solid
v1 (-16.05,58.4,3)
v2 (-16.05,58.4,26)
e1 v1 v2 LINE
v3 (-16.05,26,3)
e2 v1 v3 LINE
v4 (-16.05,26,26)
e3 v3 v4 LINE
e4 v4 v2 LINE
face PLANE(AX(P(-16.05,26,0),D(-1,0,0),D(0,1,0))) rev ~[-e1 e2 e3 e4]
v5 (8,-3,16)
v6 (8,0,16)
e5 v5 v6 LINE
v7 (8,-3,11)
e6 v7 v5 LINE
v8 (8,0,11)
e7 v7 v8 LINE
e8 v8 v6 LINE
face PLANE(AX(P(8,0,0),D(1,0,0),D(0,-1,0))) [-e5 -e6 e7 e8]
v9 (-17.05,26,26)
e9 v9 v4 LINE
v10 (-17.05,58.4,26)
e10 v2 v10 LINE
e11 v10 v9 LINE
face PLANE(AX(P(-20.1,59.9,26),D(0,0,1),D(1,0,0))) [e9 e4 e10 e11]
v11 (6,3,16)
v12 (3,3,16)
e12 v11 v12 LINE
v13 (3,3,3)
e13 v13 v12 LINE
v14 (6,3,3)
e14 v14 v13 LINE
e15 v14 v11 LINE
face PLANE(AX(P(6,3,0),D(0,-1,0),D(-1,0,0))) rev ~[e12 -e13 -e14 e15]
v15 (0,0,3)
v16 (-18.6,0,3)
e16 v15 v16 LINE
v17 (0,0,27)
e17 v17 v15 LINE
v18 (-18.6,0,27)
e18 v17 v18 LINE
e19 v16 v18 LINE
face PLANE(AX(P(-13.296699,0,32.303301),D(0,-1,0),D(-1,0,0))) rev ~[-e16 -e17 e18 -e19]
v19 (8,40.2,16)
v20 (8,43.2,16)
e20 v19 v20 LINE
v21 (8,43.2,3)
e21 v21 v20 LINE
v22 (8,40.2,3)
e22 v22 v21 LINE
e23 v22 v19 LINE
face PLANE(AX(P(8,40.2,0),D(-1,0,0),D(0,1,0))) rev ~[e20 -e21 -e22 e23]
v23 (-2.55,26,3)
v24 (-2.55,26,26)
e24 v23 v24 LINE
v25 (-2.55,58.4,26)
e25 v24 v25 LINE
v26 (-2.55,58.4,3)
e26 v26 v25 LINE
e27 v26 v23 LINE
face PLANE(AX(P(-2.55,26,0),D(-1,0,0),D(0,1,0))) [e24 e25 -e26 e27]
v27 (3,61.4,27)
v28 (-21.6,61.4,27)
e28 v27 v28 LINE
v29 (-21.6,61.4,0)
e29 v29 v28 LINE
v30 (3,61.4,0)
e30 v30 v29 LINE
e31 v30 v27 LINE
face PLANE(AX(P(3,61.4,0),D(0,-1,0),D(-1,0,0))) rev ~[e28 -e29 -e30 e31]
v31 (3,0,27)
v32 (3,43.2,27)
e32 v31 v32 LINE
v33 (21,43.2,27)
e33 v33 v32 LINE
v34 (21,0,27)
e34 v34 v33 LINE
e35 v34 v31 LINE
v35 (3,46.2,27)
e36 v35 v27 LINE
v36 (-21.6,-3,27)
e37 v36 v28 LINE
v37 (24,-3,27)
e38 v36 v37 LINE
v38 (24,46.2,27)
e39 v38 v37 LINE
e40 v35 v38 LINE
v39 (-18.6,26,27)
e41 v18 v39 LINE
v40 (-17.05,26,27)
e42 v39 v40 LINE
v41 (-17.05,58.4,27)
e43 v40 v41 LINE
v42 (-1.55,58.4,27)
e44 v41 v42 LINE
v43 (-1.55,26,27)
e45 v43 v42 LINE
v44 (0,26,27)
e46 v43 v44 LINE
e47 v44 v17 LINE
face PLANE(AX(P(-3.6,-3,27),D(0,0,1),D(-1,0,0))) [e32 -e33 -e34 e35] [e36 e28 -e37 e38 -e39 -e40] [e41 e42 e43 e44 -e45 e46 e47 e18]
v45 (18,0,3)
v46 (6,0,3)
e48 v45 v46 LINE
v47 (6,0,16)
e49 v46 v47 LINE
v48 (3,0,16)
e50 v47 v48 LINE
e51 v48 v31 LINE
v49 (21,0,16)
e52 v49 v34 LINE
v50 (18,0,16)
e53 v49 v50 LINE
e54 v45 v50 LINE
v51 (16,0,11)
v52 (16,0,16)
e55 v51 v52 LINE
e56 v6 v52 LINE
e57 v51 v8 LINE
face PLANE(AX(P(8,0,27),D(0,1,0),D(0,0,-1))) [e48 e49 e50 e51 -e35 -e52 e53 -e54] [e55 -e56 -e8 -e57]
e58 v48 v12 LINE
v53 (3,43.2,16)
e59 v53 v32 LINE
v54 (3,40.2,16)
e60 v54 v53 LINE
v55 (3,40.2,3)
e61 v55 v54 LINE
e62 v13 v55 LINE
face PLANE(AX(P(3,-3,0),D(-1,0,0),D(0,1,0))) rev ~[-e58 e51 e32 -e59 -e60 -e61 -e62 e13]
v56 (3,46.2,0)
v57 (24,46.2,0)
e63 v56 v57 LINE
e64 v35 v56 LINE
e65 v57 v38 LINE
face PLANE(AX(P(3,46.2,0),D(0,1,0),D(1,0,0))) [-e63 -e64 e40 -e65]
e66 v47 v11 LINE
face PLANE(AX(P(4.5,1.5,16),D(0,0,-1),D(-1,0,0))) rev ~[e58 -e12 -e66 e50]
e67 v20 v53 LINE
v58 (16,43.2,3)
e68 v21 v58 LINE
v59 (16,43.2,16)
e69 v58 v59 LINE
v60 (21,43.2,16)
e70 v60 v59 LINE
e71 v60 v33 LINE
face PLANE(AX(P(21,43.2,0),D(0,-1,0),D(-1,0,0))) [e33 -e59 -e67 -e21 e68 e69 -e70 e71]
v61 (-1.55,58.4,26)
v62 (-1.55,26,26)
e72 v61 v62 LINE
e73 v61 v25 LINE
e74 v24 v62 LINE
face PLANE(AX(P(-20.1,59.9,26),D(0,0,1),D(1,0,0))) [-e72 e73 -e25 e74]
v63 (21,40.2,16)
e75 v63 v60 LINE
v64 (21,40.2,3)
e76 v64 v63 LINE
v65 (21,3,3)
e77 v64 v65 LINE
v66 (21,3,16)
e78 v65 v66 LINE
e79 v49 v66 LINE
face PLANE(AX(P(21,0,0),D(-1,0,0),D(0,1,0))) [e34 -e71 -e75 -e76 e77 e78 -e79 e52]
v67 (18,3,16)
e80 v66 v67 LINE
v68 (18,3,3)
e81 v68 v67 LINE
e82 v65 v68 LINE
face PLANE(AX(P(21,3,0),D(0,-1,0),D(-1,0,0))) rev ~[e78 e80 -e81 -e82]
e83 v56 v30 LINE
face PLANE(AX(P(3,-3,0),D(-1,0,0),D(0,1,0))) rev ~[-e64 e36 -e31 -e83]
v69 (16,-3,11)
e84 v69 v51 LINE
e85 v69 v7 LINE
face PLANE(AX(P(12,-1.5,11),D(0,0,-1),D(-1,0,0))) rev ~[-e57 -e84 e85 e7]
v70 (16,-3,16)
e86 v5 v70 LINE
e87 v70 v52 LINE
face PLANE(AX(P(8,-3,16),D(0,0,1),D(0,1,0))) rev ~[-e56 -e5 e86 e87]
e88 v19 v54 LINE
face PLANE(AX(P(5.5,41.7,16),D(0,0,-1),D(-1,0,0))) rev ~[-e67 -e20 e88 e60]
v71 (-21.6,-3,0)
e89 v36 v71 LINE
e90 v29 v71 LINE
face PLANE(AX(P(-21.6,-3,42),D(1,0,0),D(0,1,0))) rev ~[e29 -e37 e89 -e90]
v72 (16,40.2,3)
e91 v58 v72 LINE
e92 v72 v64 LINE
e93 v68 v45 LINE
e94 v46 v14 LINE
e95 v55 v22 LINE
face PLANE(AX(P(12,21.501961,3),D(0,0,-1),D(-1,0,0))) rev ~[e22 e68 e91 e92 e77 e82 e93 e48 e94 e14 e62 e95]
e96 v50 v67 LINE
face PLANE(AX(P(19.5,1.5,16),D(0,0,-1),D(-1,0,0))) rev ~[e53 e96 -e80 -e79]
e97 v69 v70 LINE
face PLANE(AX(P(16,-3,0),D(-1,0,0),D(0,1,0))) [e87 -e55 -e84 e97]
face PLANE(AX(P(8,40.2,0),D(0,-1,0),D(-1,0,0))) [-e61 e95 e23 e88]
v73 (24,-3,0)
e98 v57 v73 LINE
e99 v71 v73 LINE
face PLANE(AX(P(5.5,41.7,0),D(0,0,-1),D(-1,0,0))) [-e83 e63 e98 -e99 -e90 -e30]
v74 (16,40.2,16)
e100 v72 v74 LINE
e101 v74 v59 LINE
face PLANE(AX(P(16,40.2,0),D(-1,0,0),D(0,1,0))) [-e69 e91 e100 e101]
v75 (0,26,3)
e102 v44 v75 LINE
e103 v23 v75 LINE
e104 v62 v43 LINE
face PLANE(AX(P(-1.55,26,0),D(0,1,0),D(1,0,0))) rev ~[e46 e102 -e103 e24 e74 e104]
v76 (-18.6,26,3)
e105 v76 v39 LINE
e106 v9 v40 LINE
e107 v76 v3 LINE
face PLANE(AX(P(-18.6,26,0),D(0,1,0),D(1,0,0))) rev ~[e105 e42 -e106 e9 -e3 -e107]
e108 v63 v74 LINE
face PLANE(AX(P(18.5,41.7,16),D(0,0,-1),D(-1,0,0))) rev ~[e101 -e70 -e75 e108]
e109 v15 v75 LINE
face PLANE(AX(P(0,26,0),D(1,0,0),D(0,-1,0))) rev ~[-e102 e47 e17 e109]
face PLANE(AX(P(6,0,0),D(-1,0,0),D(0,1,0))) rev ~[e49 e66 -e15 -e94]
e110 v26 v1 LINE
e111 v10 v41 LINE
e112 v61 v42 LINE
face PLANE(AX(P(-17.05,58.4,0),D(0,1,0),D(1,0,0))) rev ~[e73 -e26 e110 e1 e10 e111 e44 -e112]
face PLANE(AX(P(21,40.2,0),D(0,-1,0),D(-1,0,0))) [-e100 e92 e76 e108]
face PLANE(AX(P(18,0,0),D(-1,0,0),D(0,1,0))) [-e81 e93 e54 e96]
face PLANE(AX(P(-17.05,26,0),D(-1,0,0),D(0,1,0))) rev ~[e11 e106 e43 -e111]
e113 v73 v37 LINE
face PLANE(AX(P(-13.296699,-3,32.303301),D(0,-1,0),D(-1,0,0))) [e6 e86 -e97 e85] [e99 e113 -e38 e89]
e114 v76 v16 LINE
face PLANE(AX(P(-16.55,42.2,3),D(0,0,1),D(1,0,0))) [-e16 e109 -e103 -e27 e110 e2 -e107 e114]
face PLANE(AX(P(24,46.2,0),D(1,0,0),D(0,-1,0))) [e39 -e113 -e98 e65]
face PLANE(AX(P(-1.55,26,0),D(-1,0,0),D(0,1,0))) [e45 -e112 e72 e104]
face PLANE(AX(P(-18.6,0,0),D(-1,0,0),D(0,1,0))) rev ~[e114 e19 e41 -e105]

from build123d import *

# Parameters (mm, degrees)
SKETCH1_W            = 24.6
SKETCH1_H            = 64.4
BOSS_EXTRUDE1_DEPTH  = 3
SKETCH1_5_W          = 24.6
SKETCH1_5_H          = 64.4
BOSS_EXTRUDE2_DEPTH  = 26
BOSS_EXTRUDE4_DEPTH  = 35
SKETCH1_8_W          = 24.6
SKETCH1_8_H          = 64.4
BOSS_EXTRUDE5_DEPTH  = 27
BOSS_EXTRUDE6_DEPTH  = 3
BOSS_EXTRUDE7_DEPTH  = 2
SKETCH2_4_W          = 8
SKETCH2_4_H          = 3
BOSS_EXTRUDE8_DEPTH  = 11
SKETCH2_5_W          = 5
SKETCH2_5_H          = 3
BOSS_EXTRUDE9_DEPTH  = 27
SKETCH5_W            = 33.6
SKETCH5_H            = 60.4
BOSS_EXTRUDE11_DEPTH = 3
SKETCH5_5_W          = 30.618778274
SKETCH5_5_H          = 54.4
CUT_EXTRUDE3_DEPTH   = 3
BOSS_EXTRUDE12_DEPTH = 27
SKETCH6_W            = 30.618778274
SKETCH6_H            = 47.4
BOSS_EXTRUDE13_DEPTH = 3
SKETCH7_W            = 24.6
SKETCH7_H            = 8
CUT_EXTRUDE4_DEPTH   = 3
SKETCH8_W            = 11
SKETCH8_H            = 3
BOSS_EXTRUDE14_DEPTH = 8
SKETCH2_6_W          = 3
SKETCH2_6_H          = 3
SKETCH2_6_W_2        = 5
BOSS_EXTRUDE15_DEPTH = 16
SKETCH9_W            = 36.6
SKETCH9_H            = 3
BOSS_EXTRUDE16_DEPTH = 15
SKETCH10_W           = 18.8
SKETCH10_H           = 11.60179211
CUT_EXTRUDE5_DEPTH   = 15
BOSS_EXTRUDE17_DEPTH = 3
BOSS_EXTRUDE18_DEPTH = 3
SKETCH13_W           = 33.6
SKETCH13_H           = 60.4
CUT_EXTRUDE6_DEPTH   = 70
CUT_EXTRUDE7_DEPTH   = 70


with BuildPart() as part:
    # Sketch1 → Boss-Extrude1 (new body)
    with BuildSketch(Plane.XY):
        with Locations((-9.3, 29.2)):
            Rectangle(SKETCH1_W, SKETCH1_H)
    extrude(amount=BOSS_EXTRUDE1_DEPTH)

    # Sketch1<5> → Boss-Extrude2 (add)
    with BuildSketch(Plane.XY):
        with Locations((-9.3, 29.2)):
            Rectangle(SKETCH1_5_W, SKETCH1_5_H)
        Polygon((0, 0), (-18.6, 0), (-18.6, 26), (-16.05, 26), (-16.05, 58.4), (-2.55, 58.4), (-2.55, 26), (0, 26), align=None, mode=Mode.SUBTRACT)
    extrude(amount=BOSS_EXTRUDE2_DEPTH)

    # Sketch1<7> → Boss-Extrude4 (add)
    with BuildSketch(Plane.XY):
        Polygon((3, 0), (0, 0), (-18.6, 0), (-21.6, 0), (-21.6, -3), (3, -3), align=None)
    extrude(amount=BOSS_EXTRUDE4_DEPTH)

    # Sketch1<8> → Boss-Extrude5 (add)
    with BuildSketch(Plane.XY):
        with Locations((-9.3, 29.2)):
            Rectangle(SKETCH1_8_W, SKETCH1_8_H)
        Polygon((0, 0), (-18.6, 0), (-18.6, 26), (-17.05, 26), (-17.05, 58.4), (-1.55, 58.4), (-1.55, 26), (0, 26), align=None, mode=Mode.SUBTRACT)
    extrude(amount=BOSS_EXTRUDE5_DEPTH)

    # Sketch2 → Boss-Extrude6 (add)
    with BuildSketch(Plane(origin=(0, 0, 0), x_dir=(-1, 0, 0), z_dir=(0, 0, -1))):
        Polygon((-8, 0), (-6, 0), (-6, 3), (-3, 3), (-3, 40.2), (-8, 40.2), (-8, 43.2), (-16, 43.2), (-16, 40.2), (-21, 40.2), (-21, 3), (-18, 3), (-18, 0), (-16, 0), align=None)
    extrude(amount=-BOSS_EXTRUDE6_DEPTH)

    # Sketch2<3> → Boss-Extrude7 (add)
    with BuildSketch(Plane(origin=(0, 0, 0), x_dir=(-1, 0, 0), z_dir=(0, 0, -1))):
        Polygon((-3, -3), (-3, 3), (-6, 3), (-6, 0), (-8, 0), (-8, -3), align=None)
        Polygon((-8, 40.2), (-3, 40.2), (-3, 46.2), (-24, 46.2), (-24, -3), (-16, -3), (-16, 0), (-18, 0), (-18, 3), (-21, 3), (-21, 40.2), (-16, 40.2), (-16, 43.2), (-8, 43.2), align=None)
    extrude(amount=-BOSS_EXTRUDE7_DEPTH)

    # Sketch2<4> → Boss-Extrude8 (add)
    with BuildSketch(Plane(origin=(0, 0, 0), x_dir=(-1, 0, 0), z_dir=(0, 0, -1))):
        with Locations((-12, -1.5)):
            Rectangle(SKETCH2_4_W, SKETCH2_4_H)
    extrude(amount=-BOSS_EXTRUDE8_DEPTH)

    # Sketch2<5> → Boss-Extrude9 (add)
    with BuildSketch(Plane(origin=(0, 0, 0), x_dir=(-1, 0, 0), z_dir=(0, 0, -1))):
        with Locations((-5.5, -1.5)):
            Rectangle(SKETCH2_5_W, SKETCH2_5_H)
        Polygon((-16, -3), (-16, 0), (-21, 0), (-21, 43.2), (-3, 43.2), (-3, 46.2), (-24, 46.2), (-24, -3), align=None)
    extrude(amount=-BOSS_EXTRUDE9_DEPTH)

    # Sketch5 → Boss-Extrude11 (add)
    with BuildSketch(Plane(origin=(0, 0, 0), x_dir=(-1, 0, 0), z_dir=(0, 0, -1))):
        with Locations((38.4, 27.2)):
            Rectangle(SKETCH5_W, SKETCH5_H)
    extrude(amount=-BOSS_EXTRUDE11_DEPTH)

    # Sketch5<5> → Cut-Extrude3 (cut)
    with BuildSketch(Plane(origin=(0, 0, 0), x_dir=(-1, 0, 0), z_dir=(0, 0, -1))):
        with Locations((36.909389137, 27.2)):
            Rectangle(SKETCH5_5_W, SKETCH5_5_H)
    extrude(amount=-CUT_EXTRUDE3_DEPTH, mode=Mode.SUBTRACT)

    # Sketch5<6> → Boss-Extrude12 (add)
    with BuildSketch(Plane(origin=(0, 0, 0), x_dir=(-1, 0, 0), z_dir=(0, 0, -1))):
        Polygon((21.6, 0), (21.6, -3), (55.2, -3), (55.2, 57.4), (21.6, 57.4), (21.6, 54.4), (52.218778274, 54.4), (52.218778274, 0), align=None)
    extrude(amount=-BOSS_EXTRUDE12_DEPTH)

    # Sketch6 → Boss-Extrude13 (add)
    with BuildSketch(Plane.XY.offset(27)):
        with Locations((-36.909389137, 23.7)):
            Rectangle(SKETCH6_W, SKETCH6_H)
    extrude(amount=-BOSS_EXTRUDE13_DEPTH)

    # Sketch7 → Cut-Extrude4 (cut)
    with BuildSketch(Plane.XZ.offset(3)):
        with Locations((-9.3, 31)):
            Rectangle(SKETCH7_W, SKETCH7_H)
    extrude(amount=-CUT_EXTRUDE4_DEPTH, mode=Mode.SUBTRACT)

    # Sketch8 → Boss-Extrude14 (add)
    with BuildSketch(Plane(origin=(8, 0, 0), x_dir=(0, 0, -1), z_dir=(1, 0, 0))):
        with Locations((-21.5, -1.5)):
            Rectangle(SKETCH8_W, SKETCH8_H)
    extrude(amount=BOSS_EXTRUDE14_DEPTH)

    # Sketch2<6> → Boss-Extrude15 (add)
    with BuildSketch(Plane(origin=(0, 0, 0), x_dir=(-1, 0, 0), z_dir=(0, 0, -1))):
        with Locations((-4.5, 1.5)):
            Rectangle(SKETCH2_6_W, SKETCH2_6_H)
        with Locations((-5.5, 41.7)):
            Rectangle(SKETCH2_6_W_2, SKETCH2_6_H)
        with Locations((-19.5, 1.5)):
            Rectangle(SKETCH2_6_W, SKETCH2_6_H)
        with Locations((-18.5, 41.7)):
            Rectangle(SKETCH2_6_W_2, SKETCH2_6_H)
    extrude(amount=-BOSS_EXTRUDE15_DEPTH)

    # Sketch9 → Boss-Extrude16 (add)
    with BuildSketch(Plane.XY.offset(27)):
        with Locations((-36.9, -1.5)):
            Rectangle(SKETCH9_W, SKETCH9_H)
    extrude(amount=BOSS_EXTRUDE16_DEPTH)

    # Sketch10 → Cut-Extrude5 (cut)
    with BuildSketch(Plane(origin=(0, -3, 0), x_dir=(-1, 0, 0), z_dir=(0, -1, 0))):
        with Locations((39.656308117, -34.500896055)):
            Rectangle(SKETCH10_W, SKETCH10_H)
    extrude(amount=-CUT_EXTRUDE5_DEPTH, mode=Mode.SUBTRACT)

    # Sketch11 → Boss-Extrude17 (add)
    with BuildSketch(Plane(origin=(0, -3, 0), x_dir=(-1, 0, 0), z_dir=(0, -1, 0))):
        Polygon((18.6, -42), (18.6, -27), (3.6, -27), align=None)
    extrude(amount=-BOSS_EXTRUDE17_DEPTH)

    # Sketch12 → Boss-Extrude18 (add)
    with BuildSketch(Plane.ZY.offset(55.2)):
        Polygon((27, 0), (42, 0), (27, 15), align=None)
    extrude(amount=-BOSS_EXTRUDE18_DEPTH)

    # Sketch13 → Cut-Extrude6 (cut)
    with BuildSketch(Plane.XY.offset(42)):
        with Locations((-38.4, 27.2)):
            Rectangle(SKETCH13_W, SKETCH13_H)
    extrude(amount=-CUT_EXTRUDE6_DEPTH, mode=Mode.SUBTRACT)

    # Sketch14 → Cut-Extrude7 (cut)
    with BuildSketch(Plane(origin=(0, -3, 0), x_dir=(-1, 0, 0), z_dir=(0, -1, 0))):
        Polygon((3.6, -27), (21.6, -27), (21.6, -42), (18.6, -42), align=None)
    extrude(amount=-CUT_EXTRUDE7_DEPTH, mode=Mode.SUBTRACT)


solid = part.part
